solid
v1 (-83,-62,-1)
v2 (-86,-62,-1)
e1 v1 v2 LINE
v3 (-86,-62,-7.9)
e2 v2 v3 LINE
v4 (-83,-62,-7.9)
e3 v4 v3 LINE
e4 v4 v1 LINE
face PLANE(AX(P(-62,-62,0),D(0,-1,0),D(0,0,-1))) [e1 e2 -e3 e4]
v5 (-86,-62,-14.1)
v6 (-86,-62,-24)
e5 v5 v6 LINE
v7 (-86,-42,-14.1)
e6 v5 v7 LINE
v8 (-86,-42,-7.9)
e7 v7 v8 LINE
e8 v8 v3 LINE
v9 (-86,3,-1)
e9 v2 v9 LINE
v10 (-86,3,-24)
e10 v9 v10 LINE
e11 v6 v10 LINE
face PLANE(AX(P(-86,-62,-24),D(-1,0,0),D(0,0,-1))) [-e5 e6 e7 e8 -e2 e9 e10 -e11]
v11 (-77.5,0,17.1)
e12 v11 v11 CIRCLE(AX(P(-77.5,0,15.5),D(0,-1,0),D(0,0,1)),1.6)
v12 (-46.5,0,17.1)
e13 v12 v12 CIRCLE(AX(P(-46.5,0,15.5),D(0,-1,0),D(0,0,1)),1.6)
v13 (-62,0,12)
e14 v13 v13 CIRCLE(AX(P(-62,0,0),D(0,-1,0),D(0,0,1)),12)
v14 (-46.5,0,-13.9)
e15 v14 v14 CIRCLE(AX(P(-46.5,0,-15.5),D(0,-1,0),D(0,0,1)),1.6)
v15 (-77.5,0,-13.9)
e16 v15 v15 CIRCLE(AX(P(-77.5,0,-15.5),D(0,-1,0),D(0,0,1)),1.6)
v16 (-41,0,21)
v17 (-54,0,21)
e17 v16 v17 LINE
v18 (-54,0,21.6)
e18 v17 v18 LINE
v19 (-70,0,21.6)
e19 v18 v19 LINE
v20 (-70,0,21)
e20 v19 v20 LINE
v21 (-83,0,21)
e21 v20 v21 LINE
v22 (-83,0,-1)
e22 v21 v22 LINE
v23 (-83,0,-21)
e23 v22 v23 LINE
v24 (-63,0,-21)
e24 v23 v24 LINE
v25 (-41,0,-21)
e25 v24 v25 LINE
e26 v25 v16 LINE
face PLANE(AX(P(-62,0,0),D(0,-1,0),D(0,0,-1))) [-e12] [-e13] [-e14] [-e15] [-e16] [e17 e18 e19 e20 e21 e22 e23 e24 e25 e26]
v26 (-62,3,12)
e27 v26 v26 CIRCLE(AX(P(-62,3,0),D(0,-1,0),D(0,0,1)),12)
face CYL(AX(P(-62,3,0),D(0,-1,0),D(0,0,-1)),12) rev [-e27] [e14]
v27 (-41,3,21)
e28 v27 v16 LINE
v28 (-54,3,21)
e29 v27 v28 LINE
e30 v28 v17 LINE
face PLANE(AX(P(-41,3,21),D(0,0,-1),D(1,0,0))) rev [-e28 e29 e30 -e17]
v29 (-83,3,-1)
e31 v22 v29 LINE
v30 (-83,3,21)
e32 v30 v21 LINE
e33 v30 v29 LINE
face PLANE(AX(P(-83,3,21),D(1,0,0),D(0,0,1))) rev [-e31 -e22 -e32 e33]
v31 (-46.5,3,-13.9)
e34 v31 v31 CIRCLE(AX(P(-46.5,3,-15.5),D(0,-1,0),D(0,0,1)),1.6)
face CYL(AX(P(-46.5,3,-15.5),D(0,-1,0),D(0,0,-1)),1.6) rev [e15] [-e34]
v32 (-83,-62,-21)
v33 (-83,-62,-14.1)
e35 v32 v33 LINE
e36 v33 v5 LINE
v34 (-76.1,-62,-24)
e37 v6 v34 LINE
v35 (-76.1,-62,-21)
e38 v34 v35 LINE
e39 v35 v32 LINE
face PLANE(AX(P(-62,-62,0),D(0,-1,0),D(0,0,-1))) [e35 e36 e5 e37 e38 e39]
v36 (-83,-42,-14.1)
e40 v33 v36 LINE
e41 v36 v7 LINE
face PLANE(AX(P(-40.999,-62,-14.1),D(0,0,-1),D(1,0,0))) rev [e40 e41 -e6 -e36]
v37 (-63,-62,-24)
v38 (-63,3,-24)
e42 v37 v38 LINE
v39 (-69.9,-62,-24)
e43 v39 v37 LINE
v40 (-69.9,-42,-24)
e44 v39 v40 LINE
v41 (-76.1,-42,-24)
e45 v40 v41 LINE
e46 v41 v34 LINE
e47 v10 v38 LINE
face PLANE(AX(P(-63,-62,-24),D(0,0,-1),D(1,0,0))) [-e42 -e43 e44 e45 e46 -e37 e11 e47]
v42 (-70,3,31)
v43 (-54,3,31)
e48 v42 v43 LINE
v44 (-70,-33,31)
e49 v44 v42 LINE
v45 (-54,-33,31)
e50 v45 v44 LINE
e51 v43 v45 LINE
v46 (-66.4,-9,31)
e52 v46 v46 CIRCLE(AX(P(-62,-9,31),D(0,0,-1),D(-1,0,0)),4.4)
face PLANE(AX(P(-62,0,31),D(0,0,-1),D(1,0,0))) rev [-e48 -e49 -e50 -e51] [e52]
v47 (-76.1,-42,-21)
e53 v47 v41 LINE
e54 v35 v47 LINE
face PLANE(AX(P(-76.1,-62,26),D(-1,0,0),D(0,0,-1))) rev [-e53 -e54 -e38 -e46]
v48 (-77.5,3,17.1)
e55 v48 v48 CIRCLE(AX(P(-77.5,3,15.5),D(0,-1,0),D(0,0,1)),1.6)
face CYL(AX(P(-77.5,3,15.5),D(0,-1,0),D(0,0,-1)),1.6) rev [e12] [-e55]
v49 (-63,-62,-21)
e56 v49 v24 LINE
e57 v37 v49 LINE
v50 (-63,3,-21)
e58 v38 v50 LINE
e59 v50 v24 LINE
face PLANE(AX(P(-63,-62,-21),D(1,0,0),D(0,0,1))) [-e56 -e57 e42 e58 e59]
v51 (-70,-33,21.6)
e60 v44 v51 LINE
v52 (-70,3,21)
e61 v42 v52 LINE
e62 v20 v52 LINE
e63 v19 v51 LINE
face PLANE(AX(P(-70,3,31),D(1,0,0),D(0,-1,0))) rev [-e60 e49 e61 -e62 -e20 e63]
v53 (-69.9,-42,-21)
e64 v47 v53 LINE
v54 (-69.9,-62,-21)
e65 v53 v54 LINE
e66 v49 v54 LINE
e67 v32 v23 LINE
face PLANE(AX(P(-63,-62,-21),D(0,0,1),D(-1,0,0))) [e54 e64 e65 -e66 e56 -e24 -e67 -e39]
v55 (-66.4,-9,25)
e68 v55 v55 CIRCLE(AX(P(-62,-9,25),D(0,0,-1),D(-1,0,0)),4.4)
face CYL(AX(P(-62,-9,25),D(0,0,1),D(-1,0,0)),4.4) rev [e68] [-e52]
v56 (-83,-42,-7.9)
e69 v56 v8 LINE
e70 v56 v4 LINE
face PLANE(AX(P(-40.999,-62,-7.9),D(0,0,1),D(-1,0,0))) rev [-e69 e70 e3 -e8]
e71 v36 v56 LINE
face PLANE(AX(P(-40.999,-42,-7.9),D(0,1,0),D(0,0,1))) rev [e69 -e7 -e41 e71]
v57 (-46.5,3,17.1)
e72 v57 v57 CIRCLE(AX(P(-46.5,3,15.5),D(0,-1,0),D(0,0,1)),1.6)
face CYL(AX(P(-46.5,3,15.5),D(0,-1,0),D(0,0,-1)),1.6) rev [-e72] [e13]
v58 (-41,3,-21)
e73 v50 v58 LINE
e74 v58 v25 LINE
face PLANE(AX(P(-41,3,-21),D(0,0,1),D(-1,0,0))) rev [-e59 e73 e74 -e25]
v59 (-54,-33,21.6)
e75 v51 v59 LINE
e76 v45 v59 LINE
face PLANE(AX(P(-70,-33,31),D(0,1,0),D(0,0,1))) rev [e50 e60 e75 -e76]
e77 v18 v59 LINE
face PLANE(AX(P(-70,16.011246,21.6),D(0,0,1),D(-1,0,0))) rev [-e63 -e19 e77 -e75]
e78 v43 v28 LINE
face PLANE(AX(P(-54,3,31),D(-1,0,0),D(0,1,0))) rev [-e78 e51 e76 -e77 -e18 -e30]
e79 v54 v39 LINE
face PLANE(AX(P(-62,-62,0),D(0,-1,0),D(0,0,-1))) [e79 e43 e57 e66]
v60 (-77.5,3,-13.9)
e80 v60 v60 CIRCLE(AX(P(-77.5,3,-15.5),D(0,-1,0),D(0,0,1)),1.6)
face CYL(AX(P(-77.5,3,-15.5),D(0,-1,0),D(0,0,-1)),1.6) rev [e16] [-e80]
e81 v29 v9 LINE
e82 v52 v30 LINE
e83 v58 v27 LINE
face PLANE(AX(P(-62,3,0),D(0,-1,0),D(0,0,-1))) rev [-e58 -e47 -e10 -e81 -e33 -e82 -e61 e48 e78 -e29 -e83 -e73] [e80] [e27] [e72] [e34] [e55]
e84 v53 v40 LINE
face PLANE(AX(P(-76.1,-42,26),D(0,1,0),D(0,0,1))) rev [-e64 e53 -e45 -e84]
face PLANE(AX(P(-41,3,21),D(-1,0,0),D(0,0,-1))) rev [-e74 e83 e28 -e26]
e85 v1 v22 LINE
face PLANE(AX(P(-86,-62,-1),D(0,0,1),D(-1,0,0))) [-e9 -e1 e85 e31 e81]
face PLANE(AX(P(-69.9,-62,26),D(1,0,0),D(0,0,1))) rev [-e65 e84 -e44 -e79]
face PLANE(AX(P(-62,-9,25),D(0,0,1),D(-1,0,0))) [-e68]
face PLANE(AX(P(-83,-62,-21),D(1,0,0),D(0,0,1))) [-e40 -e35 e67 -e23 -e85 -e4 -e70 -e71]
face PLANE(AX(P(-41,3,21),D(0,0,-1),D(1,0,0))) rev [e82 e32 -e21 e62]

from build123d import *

# Parameters (mm, degrees)
SKETCH_1_W          = 42
SKETCH_1_H          = 42
SKETCH_1_R          = 1.6
SKETCH_1_R_2        = 12
EXTRUDE_1_DEPTH     = 3
SKETCH_2_W          = 16
SKETCH_2_H          = 36
EXTRUDE_2_DEPTH     = 10
SKETCH_3_R          = 4.4
CUT_EXTRUDE_1_DEPTH = 6
EXTRUDE_3_DEPTH     = 65
SKETCH_5_W          = 6.2
SKETCH_5_H          = 20
CUT_EXTRUDE_2_DEPTH = 50
CUT_EXTRUDE_3_REACH = 84.644
SKETCH_6_W          = 6.2
SKETCH_6_H          = 20
SKETCH_7_W          = 16
SKETCH_7_H          = 0.6
CUT_EXTRUDE_4_DEPTH = 33


with BuildPart() as part:
    # 草图1 → 凸台-拉伸1 (new body)
    with BuildSketch(Plane(origin=(0, 0, 0), x_dir=(1, 0, 0), z_dir=(0, 1, 0))):
        Rectangle(SKETCH_1_W, SKETCH_1_H)
        with Locations(Location((15.5, 15.5, 0), (0, 0, 270))):
            Circle(SKETCH_1_R, mode=Mode.SUBTRACT)
        with Locations(Location((15.5, -15.5, 0), (0, 0, 270))):
            Circle(SKETCH_1_R, mode=Mode.SUBTRACT)
        with Locations(Location((-15.5, -15.5, 0), (0, 0, 270))):
            Circle(SKETCH_1_R, mode=Mode.SUBTRACT)
        with Locations(Location((-15.5, 15.5, 0), (0, 0, 270))):
            Circle(SKETCH_1_R, mode=Mode.SUBTRACT)
        with Locations(Location((0, 0, 0), (0, 0, 270))):
            Circle(SKETCH_1_R_2, mode=Mode.SUBTRACT)
    extrude(amount=EXTRUDE_1_DEPTH)

    # 草图2 → 凸台-拉伸2 (add)
    with BuildSketch(Plane.XY.offset(21)):
        with Locations((0, -15)):
            Rectangle(SKETCH_2_W, SKETCH_2_H)
    extrude(amount=EXTRUDE_2_DEPTH)

    # 草图3 → 切除-拉伸1 (cut)
    with BuildSketch(Plane.XY.offset(31)):
        with Locations((0, -9)):
            Circle(SKETCH_3_R)
    extrude(amount=-CUT_EXTRUDE_1_DEPTH, mode=Mode.SUBTRACT)

    # 草图4 → 凸台-拉伸3 (add)
    with BuildSketch(Plane(origin=(0, 3, 0), x_dir=(1, 0, 0), z_dir=(0, 1, 0))):
        Polygon((1, 21), (21, 21), (21, 1), (24, 1), (24, 24), (1, 24), align=None)
    extrude(amount=-EXTRUDE_3_DEPTH)

    # 草图5 → 切除-拉伸2 (cut)
    with BuildSketch(Plane(origin=(0, 0, -24), x_dir=(-1, 0, 0), z_dir=(0, 0, -1))):
        with Locations((-11, -52)):
            Rectangle(SKETCH_5_W, SKETCH_5_H)
    extrude(amount=-CUT_EXTRUDE_2_DEPTH, mode=Mode.SUBTRACT)

    # 草图6 → 切除-拉伸3 (cut, up to next)
    with BuildSketch(Plane(origin=(24, 0, 0), x_dir=(0, 0, -1), z_dir=(1, 0, 0)), mode=Mode.PRIVATE) as cut_extrude_3_sk1:
        with Locations((11, -52)):
            Rectangle(SKETCH_6_W, SKETCH_6_H)
    cut_extrude_3_tool1 = extrude(cut_extrude_3_sk1.sketch, amount=-CUT_EXTRUDE_3_REACH, mode=Mode.PRIVATE) & part.part
    add(cut_extrude_3_tool1.solids().sort_by_distance((24, -52, -11))[0], mode=Mode.SUBTRACT)

    # 草图7 → 切除-拉伸4 (cut)
    with BuildSketch(Plane.XZ.offset(33)):
        with Locations((0, 21.3)):
            Rectangle(SKETCH_7_W, SKETCH_7_H)
    extrude(amount=-CUT_EXTRUDE_4_DEPTH, mode=Mode.SUBTRACT)


with BuildPart() as body_2:
    # 镜向3: mirrored copy
    add(part.part.mirror(Plane.ZY.offset(31)))


solid = body_2.part
